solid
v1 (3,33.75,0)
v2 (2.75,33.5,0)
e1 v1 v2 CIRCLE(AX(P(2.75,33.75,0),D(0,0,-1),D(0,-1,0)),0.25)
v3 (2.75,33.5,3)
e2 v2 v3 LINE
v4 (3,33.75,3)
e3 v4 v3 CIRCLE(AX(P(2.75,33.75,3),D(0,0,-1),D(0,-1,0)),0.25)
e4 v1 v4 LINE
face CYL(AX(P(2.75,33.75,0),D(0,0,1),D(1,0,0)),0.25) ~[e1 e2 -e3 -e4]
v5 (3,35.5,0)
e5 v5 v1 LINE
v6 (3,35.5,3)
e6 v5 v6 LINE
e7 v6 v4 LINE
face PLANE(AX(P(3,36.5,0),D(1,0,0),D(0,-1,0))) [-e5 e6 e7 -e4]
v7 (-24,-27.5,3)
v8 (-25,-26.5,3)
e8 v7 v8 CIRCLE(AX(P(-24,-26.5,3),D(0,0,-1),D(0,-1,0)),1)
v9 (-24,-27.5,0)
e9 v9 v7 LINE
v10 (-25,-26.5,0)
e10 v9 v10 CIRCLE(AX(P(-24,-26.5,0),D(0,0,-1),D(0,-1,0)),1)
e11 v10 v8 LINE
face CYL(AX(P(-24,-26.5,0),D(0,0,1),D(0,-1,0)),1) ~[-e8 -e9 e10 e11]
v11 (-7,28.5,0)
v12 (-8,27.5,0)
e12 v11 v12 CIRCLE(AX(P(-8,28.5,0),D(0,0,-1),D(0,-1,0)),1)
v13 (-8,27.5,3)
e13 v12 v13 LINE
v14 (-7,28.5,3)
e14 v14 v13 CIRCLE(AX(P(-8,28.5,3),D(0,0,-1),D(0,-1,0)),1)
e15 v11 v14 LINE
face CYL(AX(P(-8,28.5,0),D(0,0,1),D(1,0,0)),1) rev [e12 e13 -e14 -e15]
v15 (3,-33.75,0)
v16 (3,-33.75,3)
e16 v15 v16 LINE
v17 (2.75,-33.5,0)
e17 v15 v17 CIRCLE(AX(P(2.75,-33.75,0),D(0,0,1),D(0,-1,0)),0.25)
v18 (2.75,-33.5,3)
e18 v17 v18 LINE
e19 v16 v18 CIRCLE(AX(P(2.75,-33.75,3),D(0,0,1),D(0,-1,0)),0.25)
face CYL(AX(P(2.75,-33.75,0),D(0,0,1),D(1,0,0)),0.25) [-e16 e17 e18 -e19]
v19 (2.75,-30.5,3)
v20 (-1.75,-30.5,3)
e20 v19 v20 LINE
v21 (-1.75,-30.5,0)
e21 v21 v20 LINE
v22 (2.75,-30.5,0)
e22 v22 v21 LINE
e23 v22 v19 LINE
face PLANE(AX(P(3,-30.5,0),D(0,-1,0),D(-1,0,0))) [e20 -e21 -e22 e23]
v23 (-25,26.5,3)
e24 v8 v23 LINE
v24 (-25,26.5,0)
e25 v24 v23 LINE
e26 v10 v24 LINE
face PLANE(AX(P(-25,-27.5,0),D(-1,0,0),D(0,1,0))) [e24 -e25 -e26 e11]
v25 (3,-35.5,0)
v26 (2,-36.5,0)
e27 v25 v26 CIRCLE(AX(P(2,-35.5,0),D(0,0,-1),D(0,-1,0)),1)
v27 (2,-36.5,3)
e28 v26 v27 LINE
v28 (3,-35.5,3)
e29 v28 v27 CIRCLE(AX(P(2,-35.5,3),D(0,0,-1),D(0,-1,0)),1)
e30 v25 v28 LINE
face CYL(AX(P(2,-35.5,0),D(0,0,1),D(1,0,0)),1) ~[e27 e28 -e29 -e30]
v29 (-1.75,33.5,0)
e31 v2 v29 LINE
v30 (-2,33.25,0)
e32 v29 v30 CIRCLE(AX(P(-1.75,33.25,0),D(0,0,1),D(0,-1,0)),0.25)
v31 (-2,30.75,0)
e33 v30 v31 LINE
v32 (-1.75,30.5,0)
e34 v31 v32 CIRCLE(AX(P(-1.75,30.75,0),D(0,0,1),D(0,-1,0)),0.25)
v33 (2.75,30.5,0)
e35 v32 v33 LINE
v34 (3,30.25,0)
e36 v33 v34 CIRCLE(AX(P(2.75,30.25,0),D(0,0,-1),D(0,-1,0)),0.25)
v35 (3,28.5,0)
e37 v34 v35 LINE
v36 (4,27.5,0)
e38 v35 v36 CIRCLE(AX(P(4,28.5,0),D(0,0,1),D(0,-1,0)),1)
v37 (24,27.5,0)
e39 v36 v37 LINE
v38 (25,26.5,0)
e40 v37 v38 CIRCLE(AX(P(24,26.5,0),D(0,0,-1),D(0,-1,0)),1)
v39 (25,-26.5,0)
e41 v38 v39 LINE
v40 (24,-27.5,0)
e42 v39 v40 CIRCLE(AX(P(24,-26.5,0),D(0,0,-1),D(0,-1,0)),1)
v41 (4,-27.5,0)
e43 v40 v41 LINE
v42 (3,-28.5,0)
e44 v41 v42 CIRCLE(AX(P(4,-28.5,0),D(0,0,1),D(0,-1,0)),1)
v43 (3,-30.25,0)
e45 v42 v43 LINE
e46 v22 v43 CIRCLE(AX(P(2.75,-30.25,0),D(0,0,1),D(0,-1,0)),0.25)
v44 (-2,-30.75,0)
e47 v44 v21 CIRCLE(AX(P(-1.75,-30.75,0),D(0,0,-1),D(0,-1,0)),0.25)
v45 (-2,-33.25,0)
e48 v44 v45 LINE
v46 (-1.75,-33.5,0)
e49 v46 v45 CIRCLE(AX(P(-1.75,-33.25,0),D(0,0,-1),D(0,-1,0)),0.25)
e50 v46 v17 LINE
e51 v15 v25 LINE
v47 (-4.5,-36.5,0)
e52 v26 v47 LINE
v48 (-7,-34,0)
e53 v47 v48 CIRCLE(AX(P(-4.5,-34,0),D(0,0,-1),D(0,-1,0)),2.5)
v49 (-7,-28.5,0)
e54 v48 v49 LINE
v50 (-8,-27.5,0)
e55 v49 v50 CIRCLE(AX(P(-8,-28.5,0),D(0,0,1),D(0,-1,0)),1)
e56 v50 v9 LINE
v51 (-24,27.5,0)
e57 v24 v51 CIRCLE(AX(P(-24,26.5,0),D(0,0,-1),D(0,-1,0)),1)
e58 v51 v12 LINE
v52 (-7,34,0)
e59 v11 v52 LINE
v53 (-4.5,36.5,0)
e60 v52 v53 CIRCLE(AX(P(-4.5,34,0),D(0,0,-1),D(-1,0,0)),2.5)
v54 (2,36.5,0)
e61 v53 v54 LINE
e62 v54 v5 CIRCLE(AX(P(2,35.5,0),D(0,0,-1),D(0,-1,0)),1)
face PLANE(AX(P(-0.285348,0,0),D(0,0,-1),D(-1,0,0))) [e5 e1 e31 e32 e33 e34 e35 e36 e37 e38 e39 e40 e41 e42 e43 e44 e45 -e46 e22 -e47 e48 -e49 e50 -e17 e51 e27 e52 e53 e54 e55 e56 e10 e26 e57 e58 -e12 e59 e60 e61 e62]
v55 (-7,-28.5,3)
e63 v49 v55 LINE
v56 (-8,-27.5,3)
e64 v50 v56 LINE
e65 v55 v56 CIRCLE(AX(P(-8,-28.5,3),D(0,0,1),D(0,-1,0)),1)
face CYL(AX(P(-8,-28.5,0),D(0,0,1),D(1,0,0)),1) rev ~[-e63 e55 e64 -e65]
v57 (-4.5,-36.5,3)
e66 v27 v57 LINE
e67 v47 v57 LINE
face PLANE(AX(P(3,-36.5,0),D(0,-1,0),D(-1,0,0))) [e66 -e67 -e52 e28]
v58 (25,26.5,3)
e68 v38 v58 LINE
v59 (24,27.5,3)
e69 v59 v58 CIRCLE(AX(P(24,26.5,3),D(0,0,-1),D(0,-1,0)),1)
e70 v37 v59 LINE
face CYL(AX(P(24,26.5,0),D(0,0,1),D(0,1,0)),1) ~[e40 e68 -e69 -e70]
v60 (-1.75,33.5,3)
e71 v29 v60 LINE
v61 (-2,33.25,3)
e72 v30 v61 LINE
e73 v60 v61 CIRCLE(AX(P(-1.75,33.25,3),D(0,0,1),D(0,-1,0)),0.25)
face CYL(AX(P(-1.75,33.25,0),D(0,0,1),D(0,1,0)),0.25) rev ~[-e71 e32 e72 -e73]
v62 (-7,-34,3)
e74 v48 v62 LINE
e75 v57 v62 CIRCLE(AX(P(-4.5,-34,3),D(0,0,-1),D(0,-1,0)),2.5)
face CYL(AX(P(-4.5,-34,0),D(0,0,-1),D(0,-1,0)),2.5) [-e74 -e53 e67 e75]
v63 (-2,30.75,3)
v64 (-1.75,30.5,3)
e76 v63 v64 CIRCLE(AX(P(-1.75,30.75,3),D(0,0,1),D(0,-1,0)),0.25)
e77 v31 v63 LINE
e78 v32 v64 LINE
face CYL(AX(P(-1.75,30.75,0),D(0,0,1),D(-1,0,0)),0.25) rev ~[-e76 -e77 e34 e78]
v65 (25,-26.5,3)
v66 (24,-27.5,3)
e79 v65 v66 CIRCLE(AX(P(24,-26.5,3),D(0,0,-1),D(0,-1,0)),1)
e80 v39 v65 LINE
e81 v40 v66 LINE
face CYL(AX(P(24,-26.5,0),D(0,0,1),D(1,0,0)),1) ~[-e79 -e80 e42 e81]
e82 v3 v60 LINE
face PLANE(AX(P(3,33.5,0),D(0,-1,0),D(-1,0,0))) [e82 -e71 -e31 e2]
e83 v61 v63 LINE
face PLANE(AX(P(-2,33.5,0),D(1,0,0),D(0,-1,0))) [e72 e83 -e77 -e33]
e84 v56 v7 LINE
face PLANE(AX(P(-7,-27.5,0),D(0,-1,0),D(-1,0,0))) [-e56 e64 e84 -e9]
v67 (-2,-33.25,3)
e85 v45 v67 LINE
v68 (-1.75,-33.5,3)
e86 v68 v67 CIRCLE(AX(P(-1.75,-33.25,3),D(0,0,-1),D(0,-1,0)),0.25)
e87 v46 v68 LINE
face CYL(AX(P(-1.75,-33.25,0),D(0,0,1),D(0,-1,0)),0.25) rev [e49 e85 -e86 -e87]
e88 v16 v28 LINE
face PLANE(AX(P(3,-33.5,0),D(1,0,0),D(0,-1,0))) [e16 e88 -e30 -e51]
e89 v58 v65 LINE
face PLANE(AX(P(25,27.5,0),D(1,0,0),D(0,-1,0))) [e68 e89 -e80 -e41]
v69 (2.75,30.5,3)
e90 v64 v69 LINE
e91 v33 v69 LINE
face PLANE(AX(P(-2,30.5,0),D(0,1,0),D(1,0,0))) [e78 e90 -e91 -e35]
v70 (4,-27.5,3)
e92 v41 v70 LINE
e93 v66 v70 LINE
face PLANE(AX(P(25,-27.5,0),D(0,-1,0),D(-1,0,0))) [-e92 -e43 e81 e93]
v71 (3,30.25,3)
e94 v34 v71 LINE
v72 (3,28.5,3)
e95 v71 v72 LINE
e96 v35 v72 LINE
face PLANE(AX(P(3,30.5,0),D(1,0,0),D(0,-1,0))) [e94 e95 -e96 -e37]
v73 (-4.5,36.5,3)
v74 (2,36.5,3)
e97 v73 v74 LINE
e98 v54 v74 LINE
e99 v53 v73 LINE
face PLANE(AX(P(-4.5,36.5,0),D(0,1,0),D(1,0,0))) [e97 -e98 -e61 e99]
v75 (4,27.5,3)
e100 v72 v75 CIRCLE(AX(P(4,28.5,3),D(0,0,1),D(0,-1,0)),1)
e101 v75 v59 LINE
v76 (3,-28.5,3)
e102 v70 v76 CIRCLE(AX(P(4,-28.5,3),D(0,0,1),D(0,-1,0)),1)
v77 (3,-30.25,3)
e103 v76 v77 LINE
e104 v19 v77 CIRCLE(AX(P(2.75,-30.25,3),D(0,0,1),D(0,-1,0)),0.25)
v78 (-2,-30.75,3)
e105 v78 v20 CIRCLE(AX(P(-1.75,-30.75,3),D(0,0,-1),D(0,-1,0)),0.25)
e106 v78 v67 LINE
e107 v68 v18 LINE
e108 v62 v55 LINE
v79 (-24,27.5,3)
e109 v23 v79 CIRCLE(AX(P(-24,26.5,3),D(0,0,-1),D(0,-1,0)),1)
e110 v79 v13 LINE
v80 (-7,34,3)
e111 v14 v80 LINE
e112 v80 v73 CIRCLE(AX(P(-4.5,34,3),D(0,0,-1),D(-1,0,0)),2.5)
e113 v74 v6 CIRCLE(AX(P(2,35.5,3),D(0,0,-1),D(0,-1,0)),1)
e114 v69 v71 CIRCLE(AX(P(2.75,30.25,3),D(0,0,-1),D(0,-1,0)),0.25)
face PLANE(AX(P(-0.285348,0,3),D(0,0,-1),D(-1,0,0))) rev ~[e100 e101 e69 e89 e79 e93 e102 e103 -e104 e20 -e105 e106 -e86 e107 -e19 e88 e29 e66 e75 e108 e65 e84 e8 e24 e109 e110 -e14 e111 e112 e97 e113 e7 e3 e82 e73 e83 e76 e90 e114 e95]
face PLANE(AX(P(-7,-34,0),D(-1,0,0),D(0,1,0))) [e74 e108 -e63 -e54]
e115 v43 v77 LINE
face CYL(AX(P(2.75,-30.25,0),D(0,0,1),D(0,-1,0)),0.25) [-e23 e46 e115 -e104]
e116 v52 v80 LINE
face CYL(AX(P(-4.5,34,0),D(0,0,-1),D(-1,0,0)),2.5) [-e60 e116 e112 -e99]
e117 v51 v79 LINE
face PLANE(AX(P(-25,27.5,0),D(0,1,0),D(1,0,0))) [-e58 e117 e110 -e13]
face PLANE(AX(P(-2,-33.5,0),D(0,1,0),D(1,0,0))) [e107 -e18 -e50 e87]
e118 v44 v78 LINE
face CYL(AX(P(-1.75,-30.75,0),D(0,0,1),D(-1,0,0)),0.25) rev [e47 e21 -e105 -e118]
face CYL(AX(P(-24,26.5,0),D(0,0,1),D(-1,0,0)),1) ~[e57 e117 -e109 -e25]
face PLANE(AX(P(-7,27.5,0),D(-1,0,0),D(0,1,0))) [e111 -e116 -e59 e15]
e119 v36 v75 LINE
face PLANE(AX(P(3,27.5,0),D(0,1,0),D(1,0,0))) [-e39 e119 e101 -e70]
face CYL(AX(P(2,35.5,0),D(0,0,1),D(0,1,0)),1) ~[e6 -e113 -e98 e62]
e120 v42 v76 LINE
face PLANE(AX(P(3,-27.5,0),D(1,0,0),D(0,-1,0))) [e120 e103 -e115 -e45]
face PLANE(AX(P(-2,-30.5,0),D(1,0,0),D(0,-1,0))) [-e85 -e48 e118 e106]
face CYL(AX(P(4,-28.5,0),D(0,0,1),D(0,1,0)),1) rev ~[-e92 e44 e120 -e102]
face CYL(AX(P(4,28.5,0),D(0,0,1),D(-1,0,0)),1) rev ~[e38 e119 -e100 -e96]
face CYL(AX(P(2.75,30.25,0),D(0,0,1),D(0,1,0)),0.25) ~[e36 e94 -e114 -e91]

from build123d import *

# Parameters (mm, degrees)
SALIENTE_EXTRUIR1_DEPTH = 3
REDONDEO1_R             = 1
REDONDEO2_R             = 0.25


with BuildPart() as part:
    # Croquis1 → Saliente-Extruir1 (new body)
    with BuildSketch(Plane.XY):
        with BuildLine():
            Line((-7, 27.5), (-7, 34))
            ThreePointArc((-7, 34), (-6.267766953, 35.767766953), (-4.5, 36.5))
            Line((-4.5, 36.5), (3, 36.5))
            Line((3, 36.5), (3, 33.5))
            Line((3, 33.5), (-2, 33.5))
            Line((-2, 33.5), (-2, 30.5))
            Line((-2, 30.5), (3, 30.5))
            Line((3, 30.5), (3, 27.5))
            Line((3, 27.5), (25, 27.5))
            Line((25, 27.5), (25, -27.5))
            Line((25, -27.5), (3, -27.5))
            Line((3, -27.5), (3, -30.5))
            Line((3, -30.5), (-2, -30.5))
            Line((-2, -30.5), (-2, -33.5))
            Line((-2, -33.5), (3, -33.5))
            Line((3, -33.5), (3, -36.5))
            Line((3, -36.5), (-4.5, -36.5))
            ThreePointArc((-4.5, -36.5), (-6.267766953, -35.767766953), (-7, -34))
            Line((-7, -34), (-7, -27.5))
            Line((-7, -27.5), (-25, -27.5))
            Line((-25, -27.5), (-25, 27.5))
            Line((-25, 27.5), (-7, 27.5))
        make_face()
    extrude(amount=SALIENTE_EXTRUIR1_DEPTH)

    # Redondeo1
    redondeo1_edges = [part.edges().sort_by_distance(p)[0] for p in [
        (-25, 27.5, 1.5),
        (-25, -27.5, 1.5),
        (-7, -27.5, 1.5),
        (3, -36.5, 1.5),
        (3, -27.5, 1.5),
        (25, -27.5, 1.5),
        (25, 27.5, 1.5),
        (3, 27.5, 1.5),
        (3, 36.5, 1.5),
        (-7, 27.5, 1.5),
    ]]
    fillet(redondeo1_edges, radius=REDONDEO1_R)

    # Redondeo2
    redondeo2_edges = [part.edges().sort_by_distance(p)[0] for p in [
        (3, -33.5, 1.5),
        (-2, -33.5, 1.5),
        (-2, -30.5, 1.5),
        (3, -30.5, 1.5),
        (3, 30.5, 1.5),
        (-2, 30.5, 1.5),
        (-2, 33.5, 1.5),
        (3, 33.5, 1.5),
    ]]
    fillet(redondeo2_edges, radius=REDONDEO2_R)


solid = part.part
